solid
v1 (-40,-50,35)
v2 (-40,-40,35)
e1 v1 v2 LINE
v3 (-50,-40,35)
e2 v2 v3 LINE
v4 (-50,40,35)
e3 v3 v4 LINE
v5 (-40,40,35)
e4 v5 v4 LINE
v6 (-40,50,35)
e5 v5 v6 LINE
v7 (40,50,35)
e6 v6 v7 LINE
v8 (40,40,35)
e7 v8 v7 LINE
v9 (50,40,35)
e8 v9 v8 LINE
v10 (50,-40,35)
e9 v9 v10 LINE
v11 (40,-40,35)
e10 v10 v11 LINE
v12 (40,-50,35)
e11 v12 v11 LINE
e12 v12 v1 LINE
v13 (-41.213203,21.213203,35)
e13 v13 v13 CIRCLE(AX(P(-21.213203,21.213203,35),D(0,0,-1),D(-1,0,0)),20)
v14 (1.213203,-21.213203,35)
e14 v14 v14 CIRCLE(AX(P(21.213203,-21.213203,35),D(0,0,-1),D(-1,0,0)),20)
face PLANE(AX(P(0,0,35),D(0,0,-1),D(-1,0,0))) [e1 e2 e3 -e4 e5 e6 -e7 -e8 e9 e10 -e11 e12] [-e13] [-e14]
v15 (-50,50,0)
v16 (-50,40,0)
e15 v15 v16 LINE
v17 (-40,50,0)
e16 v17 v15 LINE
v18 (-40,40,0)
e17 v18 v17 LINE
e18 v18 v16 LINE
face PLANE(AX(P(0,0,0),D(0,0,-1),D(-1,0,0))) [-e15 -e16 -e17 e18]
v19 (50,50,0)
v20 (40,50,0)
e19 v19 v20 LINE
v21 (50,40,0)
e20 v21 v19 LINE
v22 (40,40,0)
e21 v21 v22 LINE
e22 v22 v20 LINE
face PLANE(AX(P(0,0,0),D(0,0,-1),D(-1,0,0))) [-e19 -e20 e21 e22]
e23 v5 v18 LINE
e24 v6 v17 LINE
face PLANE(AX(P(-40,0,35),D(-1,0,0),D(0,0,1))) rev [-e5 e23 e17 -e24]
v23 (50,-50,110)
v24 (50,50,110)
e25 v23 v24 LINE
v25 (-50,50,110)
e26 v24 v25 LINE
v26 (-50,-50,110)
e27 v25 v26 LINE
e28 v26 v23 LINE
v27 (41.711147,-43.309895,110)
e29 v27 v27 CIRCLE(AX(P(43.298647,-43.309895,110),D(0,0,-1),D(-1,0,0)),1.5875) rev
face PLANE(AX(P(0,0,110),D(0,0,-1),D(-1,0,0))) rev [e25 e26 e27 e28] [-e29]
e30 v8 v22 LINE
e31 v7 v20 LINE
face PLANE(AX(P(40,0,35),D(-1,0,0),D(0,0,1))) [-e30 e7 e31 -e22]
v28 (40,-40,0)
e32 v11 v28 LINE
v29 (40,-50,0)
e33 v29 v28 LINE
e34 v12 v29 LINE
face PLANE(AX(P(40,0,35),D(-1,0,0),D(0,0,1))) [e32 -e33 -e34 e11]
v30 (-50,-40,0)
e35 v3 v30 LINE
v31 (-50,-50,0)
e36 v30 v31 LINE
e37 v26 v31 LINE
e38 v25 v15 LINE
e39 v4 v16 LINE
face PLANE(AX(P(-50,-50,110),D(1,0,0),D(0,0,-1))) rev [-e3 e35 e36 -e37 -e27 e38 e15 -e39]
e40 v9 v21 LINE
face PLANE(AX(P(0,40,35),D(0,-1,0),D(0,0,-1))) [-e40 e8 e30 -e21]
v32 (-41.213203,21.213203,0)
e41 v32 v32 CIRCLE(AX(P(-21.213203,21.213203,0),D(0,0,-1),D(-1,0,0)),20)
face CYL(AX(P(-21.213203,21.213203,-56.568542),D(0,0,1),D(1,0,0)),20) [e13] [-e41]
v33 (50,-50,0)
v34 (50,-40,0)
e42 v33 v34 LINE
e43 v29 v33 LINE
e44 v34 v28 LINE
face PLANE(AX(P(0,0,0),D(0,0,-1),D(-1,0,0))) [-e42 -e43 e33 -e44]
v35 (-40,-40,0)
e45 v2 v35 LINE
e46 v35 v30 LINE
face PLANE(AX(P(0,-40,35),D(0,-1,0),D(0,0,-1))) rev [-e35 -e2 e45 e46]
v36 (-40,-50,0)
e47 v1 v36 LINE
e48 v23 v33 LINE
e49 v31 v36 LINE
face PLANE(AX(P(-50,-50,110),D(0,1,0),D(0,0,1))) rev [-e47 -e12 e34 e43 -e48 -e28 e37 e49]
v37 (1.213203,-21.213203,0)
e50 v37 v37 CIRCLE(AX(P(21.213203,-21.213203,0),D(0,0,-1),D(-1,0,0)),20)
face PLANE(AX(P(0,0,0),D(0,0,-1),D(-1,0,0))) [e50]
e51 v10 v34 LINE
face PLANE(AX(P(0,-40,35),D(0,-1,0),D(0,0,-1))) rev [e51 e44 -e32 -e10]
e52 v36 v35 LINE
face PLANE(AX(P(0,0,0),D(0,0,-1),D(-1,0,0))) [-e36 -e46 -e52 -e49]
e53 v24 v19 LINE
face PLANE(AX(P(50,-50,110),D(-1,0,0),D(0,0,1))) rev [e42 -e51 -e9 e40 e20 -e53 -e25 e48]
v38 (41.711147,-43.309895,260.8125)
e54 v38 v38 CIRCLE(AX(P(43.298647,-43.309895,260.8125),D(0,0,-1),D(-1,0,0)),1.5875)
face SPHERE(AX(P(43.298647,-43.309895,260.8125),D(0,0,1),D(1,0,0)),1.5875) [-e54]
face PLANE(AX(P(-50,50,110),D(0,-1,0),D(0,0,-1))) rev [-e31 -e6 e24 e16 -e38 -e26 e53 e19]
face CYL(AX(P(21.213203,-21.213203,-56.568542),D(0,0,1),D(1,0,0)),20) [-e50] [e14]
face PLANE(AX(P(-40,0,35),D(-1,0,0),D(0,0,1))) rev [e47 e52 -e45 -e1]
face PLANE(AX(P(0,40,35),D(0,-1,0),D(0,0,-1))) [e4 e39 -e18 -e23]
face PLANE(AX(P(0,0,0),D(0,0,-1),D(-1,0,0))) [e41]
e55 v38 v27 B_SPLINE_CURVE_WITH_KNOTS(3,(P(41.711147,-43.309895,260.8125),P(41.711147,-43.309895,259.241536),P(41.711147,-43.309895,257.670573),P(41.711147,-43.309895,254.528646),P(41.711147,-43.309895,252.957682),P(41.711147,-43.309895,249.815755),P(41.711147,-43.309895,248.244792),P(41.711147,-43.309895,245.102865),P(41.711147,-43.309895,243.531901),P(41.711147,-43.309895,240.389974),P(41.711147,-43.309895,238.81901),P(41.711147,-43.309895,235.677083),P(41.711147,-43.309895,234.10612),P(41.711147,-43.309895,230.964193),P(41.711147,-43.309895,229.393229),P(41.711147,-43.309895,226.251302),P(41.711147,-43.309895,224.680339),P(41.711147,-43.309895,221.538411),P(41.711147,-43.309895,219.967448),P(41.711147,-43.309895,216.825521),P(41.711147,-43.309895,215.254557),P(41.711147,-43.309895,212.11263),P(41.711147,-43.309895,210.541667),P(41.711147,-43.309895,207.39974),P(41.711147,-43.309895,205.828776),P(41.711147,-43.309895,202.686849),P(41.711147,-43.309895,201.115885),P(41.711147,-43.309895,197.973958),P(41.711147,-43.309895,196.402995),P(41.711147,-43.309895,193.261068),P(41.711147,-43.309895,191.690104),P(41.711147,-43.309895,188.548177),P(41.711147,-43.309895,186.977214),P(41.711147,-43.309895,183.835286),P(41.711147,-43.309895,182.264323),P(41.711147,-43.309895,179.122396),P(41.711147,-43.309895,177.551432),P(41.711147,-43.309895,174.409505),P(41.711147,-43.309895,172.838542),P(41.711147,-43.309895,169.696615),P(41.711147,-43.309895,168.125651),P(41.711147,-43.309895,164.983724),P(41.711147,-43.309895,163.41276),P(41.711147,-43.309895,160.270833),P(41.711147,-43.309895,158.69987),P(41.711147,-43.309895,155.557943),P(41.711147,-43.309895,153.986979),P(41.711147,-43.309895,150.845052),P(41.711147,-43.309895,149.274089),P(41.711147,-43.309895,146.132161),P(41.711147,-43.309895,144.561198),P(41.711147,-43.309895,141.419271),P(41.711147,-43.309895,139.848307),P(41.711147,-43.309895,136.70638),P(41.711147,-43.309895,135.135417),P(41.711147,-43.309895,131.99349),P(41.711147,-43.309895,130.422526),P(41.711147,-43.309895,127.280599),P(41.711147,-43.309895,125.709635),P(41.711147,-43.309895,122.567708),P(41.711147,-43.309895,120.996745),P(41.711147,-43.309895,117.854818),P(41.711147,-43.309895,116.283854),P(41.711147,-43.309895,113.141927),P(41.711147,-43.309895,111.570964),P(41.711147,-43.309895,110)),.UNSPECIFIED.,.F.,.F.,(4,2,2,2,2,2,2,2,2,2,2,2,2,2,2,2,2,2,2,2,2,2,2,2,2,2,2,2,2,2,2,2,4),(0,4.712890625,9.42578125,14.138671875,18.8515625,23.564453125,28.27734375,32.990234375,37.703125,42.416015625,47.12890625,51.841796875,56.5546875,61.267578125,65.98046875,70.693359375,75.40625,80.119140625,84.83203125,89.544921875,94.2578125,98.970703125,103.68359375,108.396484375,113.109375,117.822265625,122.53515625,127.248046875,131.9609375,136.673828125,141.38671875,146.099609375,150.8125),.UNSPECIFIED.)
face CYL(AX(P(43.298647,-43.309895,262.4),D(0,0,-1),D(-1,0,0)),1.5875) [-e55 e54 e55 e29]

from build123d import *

# Parameters (mm, degrees)
SKETCH1_W           = 100
SKETCH1_H           = 100
BOSS_EXTRUDE1_DEPTH = 110
SKETCH2_R           = 1.5875
BOSS_EXTRUDE2_DEPTH = 152.4
FILLET1_R           = 1.5875
SKETCH4_W           = 10
SKETCH4_H           = 80
SKETCH4_W_2         = 80
SKETCH4_H_2         = 10
CUT_EXTRUDE2_DEPTH  = 35
SKETCH5_R           = 20
BOSS_EXTRUDE3_DEPTH = 35


with BuildPart() as part:
    # Sketch1 → Boss-Extrude1 (new body)
    with BuildSketch(Plane.XY):
        Rectangle(SKETCH1_W, SKETCH1_H)
    extrude(amount=BOSS_EXTRUDE1_DEPTH)

    # Sketch2 → Boss-Extrude2 (add)
    with BuildSketch(Plane.XY.offset(110)):
        with Locations(Location((43.298646859, -43.309895232, 0), (0, 0, 180))):
            Circle(SKETCH2_R)
    extrude(amount=BOSS_EXTRUDE2_DEPTH)

    # Fillet1
    fillet1_edges = [part.edges().sort_by_distance(p)[0] for p in [
        (44.886146859, -43.309895232, 262.4),
    ]]
    fillet(fillet1_edges, radius=FILLET1_R)

    # Sketch4 → Cut-Extrude2 (cut)
    with BuildSketch(Plane(origin=(0, 0, 0), x_dir=(-1, 0, 0), z_dir=(0, 0, -1))):
        with Locations((45, 0)):
            Rectangle(SKETCH4_W, SKETCH4_H)
        Rectangle(SKETCH4_W_2, SKETCH4_H)
        with Locations((-45, 0)):
            Rectangle(SKETCH4_W, SKETCH4_H)
        with Locations((0, -45)):
            Rectangle(SKETCH4_W_2, SKETCH4_H_2)
        with Locations((0, 45)):
            Rectangle(SKETCH4_W_2, SKETCH4_H_2)
    extrude(amount=-CUT_EXTRUDE2_DEPTH, mode=Mode.SUBTRACT)

    # Sketch5 → Boss-Extrude3 (add)
    with BuildSketch(Plane(origin=(0, 0, 35), x_dir=(-1, 0, 0), z_dir=(0, 0, -1))):
        with BuildLine():
            ThreePointArc((35.355339059, 35.355339059), (7.071067812, 35.355339059), (7.071067812, 7.071067812))
            Line((7.071067812, 7.071067812), (35.355339059, 35.355339059))
        make_face()
        with BuildLine():
            Line((35.355339059, 35.355339059), (7.071067812, 7.071067812))
            ThreePointArc((7.071067812, 7.071067812), (28.866872083, 2.735612785), (41.213203436, 21.213203436))
            ThreePointArc((41.213203436, 21.213203436), (39.690794086, 28.866872083), (35.355339059, 35.355339059))
        make_face()
        with Locations((-21.213203436, -21.213203436)):
            Circle(SKETCH5_R)
    extrude(amount=BOSS_EXTRUDE3_DEPTH)


solid = part.part
